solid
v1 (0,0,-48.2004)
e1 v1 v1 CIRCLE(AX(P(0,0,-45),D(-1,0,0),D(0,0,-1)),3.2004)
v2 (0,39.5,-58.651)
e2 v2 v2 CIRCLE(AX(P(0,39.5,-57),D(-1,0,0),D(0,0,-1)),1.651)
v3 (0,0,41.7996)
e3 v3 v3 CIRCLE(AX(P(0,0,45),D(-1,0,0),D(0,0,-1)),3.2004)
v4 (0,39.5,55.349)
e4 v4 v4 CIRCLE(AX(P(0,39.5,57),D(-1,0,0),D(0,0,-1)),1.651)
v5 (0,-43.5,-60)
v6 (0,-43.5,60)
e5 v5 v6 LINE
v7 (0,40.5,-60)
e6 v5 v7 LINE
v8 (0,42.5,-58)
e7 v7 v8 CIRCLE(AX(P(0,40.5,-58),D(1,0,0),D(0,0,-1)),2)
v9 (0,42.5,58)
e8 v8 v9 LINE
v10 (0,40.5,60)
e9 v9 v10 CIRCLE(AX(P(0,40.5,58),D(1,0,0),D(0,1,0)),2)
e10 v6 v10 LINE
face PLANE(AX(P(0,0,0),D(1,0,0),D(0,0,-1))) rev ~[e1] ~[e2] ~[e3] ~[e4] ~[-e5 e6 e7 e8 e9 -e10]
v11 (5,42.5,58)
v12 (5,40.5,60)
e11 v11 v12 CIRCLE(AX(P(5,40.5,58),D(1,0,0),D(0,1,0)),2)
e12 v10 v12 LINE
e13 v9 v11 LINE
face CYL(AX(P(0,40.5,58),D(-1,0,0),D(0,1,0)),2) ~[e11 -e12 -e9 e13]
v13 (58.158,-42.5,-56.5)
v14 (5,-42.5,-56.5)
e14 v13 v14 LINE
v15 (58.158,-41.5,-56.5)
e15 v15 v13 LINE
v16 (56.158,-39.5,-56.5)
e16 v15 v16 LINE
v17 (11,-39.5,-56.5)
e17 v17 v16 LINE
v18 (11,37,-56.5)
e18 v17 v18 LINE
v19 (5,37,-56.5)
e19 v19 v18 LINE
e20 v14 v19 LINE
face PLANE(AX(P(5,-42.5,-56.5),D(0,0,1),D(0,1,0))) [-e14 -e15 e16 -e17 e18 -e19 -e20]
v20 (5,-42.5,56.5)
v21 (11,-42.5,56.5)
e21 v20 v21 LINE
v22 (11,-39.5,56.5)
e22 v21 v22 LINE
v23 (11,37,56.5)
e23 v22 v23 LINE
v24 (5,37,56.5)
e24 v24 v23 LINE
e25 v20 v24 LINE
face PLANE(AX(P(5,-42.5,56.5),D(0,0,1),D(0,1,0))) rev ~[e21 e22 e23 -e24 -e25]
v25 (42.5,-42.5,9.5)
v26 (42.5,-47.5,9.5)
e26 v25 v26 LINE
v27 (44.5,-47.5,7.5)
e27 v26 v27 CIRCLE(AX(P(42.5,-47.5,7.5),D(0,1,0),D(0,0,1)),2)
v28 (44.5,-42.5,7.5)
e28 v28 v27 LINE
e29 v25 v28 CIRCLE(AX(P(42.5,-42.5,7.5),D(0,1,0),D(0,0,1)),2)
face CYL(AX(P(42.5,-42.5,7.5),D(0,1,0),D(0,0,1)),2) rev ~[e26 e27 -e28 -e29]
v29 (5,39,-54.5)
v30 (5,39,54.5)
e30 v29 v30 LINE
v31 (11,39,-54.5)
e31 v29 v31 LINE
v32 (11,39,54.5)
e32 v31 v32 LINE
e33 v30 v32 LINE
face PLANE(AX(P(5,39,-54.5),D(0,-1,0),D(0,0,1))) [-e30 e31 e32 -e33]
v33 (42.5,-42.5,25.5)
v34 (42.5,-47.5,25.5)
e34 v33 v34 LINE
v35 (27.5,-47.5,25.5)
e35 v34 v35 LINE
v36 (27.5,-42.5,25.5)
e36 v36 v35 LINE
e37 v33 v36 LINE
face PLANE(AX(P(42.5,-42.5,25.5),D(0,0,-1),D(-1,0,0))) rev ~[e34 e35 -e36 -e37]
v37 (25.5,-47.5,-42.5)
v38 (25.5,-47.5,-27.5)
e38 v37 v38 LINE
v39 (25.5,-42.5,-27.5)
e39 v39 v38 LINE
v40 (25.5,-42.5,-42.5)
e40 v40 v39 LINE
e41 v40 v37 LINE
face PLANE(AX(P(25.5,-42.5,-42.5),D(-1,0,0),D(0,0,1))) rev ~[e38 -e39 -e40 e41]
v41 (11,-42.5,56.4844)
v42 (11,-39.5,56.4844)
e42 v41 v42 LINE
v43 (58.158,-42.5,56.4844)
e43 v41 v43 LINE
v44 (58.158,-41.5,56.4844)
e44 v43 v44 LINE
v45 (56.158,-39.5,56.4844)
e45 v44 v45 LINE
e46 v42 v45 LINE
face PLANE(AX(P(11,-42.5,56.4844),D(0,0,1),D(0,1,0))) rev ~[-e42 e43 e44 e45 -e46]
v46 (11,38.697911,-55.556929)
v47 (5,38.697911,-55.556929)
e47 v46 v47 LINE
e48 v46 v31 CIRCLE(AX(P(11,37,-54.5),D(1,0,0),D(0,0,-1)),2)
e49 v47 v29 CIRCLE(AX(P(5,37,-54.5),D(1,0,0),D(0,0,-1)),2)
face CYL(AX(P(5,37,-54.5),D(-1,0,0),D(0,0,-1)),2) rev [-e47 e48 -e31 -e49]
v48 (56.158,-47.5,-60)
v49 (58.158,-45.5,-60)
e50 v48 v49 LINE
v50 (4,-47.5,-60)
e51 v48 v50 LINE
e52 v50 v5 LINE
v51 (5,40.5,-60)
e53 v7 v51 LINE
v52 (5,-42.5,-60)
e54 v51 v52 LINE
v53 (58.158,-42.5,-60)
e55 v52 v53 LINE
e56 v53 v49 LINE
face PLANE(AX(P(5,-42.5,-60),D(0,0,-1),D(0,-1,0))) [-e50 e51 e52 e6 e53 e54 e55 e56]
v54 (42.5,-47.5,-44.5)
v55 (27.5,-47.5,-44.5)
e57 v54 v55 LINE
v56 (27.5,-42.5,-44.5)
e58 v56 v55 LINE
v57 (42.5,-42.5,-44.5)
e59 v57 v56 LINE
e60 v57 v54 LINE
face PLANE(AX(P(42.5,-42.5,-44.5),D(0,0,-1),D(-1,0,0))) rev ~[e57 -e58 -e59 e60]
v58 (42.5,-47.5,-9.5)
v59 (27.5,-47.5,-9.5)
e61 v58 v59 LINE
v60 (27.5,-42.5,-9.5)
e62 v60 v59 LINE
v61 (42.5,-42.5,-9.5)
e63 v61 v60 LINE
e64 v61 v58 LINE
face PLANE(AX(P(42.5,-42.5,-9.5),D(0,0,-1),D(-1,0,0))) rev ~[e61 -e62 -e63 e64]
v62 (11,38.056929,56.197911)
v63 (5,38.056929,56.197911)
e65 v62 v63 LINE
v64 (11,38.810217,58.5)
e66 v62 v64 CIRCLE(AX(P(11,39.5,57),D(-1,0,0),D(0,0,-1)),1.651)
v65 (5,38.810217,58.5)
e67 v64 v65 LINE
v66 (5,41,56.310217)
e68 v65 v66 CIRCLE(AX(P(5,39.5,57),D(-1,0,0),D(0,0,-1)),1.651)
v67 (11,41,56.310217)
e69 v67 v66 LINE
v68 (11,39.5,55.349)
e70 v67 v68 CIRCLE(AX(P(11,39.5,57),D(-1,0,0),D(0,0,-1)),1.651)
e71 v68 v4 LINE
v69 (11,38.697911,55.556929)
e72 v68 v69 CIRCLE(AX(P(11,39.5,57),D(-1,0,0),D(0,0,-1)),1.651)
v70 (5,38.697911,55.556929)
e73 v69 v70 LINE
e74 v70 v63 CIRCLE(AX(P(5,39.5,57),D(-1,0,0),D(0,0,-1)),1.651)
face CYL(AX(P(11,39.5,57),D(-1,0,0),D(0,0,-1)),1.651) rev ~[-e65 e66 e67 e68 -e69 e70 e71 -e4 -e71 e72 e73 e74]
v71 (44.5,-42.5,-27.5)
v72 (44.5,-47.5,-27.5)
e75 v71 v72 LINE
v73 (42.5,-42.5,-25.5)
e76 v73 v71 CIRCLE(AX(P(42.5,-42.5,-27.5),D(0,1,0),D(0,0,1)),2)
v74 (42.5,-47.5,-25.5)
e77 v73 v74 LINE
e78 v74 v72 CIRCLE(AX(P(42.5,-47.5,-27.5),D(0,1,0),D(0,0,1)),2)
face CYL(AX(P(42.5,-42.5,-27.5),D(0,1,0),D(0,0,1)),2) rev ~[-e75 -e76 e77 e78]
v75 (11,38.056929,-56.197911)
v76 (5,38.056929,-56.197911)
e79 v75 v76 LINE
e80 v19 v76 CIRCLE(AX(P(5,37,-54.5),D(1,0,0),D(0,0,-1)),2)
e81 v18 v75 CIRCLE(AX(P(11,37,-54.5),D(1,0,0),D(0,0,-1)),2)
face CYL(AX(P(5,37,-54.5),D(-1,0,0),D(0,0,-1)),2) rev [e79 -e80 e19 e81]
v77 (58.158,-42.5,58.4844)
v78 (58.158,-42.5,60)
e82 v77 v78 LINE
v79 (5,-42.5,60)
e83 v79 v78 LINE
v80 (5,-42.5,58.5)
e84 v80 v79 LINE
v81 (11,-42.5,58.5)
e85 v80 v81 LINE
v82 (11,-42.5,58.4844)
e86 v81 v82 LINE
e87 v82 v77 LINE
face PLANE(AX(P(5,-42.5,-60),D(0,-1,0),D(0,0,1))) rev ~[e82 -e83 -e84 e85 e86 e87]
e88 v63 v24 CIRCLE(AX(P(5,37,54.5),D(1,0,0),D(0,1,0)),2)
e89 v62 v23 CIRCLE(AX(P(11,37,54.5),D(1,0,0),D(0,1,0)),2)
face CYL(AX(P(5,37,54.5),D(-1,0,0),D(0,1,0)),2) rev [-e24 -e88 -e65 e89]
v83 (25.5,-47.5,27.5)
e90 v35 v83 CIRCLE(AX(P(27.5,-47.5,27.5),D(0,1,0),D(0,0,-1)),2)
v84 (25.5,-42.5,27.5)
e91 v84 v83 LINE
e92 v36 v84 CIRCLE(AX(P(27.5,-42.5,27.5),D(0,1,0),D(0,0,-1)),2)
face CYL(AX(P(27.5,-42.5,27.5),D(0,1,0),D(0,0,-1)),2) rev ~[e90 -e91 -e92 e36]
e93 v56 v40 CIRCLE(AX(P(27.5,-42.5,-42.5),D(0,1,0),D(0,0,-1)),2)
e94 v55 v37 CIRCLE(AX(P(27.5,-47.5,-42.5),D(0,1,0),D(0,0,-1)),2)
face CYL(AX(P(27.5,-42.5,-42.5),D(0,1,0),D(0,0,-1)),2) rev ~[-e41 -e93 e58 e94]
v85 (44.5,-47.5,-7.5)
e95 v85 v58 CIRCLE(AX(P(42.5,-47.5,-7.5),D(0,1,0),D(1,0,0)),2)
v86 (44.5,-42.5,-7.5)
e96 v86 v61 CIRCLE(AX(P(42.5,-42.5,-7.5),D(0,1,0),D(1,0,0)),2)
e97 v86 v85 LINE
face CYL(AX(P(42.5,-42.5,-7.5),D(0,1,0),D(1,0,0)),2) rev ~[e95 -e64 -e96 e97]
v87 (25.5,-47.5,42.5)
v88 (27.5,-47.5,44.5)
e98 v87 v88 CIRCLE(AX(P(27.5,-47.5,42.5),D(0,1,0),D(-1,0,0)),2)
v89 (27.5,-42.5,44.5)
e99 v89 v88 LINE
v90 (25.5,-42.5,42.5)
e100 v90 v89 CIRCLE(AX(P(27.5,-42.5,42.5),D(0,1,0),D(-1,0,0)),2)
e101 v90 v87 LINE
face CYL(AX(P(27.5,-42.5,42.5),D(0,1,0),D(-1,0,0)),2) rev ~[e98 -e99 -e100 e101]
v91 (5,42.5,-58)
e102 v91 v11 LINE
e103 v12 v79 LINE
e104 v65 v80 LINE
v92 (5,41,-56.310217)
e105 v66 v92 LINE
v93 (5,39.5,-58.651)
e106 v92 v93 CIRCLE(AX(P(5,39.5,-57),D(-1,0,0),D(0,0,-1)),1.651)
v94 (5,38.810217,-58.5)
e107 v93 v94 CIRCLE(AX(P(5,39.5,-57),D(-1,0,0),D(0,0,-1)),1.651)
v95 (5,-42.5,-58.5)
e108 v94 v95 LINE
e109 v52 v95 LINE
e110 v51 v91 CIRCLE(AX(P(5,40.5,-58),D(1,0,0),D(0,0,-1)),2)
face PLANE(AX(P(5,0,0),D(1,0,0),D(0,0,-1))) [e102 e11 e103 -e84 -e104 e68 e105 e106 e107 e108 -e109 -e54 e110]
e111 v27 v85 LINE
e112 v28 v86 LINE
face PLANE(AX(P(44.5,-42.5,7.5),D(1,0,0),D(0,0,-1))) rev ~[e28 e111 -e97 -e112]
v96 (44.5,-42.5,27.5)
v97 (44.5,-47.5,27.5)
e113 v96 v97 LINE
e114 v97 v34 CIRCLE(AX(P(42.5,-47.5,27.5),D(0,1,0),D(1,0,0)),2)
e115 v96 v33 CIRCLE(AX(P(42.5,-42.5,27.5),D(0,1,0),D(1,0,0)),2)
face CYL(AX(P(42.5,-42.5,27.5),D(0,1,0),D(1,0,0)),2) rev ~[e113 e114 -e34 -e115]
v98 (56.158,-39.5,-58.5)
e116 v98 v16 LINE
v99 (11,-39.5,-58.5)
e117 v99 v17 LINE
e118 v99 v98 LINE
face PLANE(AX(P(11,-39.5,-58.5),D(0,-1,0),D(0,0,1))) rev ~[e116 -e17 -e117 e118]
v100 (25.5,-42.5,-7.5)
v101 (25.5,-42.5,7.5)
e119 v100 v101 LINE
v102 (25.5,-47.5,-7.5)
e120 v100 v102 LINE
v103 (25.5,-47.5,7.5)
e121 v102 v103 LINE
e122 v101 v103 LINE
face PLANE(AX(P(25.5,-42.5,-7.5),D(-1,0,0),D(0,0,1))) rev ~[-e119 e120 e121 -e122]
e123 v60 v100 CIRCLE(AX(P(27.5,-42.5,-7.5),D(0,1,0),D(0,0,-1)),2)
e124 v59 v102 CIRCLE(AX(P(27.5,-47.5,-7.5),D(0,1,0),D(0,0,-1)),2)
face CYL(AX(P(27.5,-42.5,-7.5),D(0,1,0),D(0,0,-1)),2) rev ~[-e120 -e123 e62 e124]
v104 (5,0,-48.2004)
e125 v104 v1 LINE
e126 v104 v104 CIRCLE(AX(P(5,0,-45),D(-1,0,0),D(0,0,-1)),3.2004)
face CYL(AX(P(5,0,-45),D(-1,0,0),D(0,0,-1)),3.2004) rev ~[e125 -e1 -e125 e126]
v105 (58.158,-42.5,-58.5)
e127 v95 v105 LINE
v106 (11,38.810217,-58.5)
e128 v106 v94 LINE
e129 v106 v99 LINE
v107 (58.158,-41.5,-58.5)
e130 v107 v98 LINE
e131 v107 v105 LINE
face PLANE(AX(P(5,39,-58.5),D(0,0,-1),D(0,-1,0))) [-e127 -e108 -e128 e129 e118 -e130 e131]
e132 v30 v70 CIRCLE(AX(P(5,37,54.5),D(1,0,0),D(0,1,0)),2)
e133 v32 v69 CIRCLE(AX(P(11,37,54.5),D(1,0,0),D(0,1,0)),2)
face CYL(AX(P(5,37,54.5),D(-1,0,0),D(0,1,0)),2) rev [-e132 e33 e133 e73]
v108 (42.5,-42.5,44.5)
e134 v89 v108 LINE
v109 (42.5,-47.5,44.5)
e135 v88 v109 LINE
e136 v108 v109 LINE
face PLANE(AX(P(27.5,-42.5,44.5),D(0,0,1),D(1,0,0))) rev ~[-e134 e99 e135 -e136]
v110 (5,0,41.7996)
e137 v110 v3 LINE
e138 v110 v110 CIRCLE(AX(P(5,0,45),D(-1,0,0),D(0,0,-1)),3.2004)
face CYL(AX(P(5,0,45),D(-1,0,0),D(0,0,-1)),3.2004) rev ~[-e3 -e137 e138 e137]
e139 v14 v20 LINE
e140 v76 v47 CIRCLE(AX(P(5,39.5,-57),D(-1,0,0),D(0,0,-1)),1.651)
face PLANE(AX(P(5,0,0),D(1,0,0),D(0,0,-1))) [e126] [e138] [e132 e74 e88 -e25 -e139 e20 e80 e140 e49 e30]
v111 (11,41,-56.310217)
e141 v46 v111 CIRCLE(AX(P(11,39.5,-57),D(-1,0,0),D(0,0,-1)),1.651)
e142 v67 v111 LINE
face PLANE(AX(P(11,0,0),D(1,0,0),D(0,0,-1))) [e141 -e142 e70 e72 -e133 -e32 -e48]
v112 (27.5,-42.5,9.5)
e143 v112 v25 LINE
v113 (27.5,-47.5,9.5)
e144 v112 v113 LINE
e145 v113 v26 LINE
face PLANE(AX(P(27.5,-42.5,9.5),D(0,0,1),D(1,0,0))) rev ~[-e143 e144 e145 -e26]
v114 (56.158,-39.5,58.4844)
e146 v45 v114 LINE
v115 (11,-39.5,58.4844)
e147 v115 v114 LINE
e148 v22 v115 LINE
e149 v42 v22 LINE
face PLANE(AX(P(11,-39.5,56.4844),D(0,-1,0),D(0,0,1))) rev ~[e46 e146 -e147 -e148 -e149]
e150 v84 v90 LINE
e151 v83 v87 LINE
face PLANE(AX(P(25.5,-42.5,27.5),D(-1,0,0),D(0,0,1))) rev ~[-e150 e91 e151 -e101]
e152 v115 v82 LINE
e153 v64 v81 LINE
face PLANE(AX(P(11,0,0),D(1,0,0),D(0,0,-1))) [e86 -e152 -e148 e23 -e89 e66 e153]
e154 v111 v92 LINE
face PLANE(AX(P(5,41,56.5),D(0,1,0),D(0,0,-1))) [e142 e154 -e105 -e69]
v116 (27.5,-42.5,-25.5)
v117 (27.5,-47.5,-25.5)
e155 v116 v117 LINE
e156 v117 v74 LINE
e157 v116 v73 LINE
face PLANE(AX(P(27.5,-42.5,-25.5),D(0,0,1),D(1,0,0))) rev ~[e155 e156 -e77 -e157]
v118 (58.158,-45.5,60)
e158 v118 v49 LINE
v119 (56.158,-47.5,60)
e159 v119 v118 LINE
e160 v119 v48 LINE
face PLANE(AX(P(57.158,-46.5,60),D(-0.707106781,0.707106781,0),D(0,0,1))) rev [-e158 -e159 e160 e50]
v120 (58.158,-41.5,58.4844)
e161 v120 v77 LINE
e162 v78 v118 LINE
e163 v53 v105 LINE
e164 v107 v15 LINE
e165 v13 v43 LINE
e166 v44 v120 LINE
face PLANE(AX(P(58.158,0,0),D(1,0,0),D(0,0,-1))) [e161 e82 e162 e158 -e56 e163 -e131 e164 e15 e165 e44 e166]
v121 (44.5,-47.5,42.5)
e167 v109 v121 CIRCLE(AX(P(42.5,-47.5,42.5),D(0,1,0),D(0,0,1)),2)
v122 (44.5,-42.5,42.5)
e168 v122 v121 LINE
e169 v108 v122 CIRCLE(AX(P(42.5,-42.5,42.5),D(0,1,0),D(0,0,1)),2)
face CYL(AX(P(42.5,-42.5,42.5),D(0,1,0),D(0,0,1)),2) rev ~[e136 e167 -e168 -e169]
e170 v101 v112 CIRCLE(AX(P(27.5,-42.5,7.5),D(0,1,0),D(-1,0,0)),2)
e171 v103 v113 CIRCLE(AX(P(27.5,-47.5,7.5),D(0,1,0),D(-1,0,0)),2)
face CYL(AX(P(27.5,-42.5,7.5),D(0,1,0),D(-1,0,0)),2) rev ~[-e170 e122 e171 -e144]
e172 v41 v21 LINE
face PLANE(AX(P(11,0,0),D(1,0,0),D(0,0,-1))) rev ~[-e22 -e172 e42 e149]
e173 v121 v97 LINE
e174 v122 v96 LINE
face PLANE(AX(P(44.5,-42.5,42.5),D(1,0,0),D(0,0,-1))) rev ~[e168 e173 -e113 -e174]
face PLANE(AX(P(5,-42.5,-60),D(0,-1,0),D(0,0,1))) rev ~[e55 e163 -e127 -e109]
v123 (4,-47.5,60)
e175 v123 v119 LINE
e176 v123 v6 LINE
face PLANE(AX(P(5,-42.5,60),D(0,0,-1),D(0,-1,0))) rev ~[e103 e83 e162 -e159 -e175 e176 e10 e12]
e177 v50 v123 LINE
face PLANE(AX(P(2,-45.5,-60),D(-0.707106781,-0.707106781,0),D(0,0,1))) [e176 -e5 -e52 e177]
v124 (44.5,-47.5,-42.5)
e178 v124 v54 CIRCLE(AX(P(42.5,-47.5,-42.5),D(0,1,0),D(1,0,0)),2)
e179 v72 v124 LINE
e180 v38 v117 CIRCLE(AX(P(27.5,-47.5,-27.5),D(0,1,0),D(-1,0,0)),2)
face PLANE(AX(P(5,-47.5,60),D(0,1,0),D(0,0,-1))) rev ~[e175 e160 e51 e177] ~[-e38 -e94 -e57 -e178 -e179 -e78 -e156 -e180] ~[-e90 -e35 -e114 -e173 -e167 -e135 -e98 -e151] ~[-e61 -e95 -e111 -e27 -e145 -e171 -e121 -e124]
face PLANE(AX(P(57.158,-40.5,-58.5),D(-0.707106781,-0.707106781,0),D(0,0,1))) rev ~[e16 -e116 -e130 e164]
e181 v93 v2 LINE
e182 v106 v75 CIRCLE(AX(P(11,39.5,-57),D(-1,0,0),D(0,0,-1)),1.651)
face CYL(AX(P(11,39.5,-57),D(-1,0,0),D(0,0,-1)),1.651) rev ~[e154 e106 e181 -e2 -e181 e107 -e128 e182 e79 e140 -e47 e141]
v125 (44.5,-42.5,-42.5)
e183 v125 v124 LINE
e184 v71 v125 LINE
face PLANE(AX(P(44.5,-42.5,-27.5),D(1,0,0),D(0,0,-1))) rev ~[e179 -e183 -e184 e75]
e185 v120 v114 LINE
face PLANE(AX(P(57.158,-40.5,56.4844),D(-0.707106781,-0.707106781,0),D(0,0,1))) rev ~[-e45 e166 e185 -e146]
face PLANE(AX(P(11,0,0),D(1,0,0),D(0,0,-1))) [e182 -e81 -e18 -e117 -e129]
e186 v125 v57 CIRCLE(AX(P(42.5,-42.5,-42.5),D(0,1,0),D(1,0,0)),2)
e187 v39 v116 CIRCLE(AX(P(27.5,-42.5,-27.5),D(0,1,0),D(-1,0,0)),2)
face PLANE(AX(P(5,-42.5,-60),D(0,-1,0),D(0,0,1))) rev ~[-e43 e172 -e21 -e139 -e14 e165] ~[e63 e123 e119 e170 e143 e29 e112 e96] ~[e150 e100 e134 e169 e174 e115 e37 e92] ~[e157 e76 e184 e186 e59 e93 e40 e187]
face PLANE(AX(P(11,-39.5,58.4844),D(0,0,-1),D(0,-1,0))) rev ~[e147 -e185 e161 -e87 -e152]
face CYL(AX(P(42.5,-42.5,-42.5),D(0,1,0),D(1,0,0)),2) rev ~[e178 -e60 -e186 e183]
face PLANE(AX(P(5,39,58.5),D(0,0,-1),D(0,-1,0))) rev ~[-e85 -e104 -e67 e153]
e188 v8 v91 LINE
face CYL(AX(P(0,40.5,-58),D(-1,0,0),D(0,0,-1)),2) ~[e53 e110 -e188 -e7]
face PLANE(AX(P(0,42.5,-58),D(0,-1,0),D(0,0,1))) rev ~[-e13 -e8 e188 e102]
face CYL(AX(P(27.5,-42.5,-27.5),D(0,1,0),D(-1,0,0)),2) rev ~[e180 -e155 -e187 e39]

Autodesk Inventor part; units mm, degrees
ref_plane "YZ Plane" through (0, 0, 0) normal (1, 0, 0) x (0, 1, 0)
ref_plane "XZ Plane" through (0, 0, 0) normal (0, 1, 0) x (-1, 0, 0)
ref_plane "XY Plane" through (0, 0, 0) normal (0, 0, 1) x (1, 0, 0)
sketch "Esboço1" plane through (0, 0, 0) normal (1, 0, 0) x (0, 1, 0)
  line L0 (40.5, 60) -> (-42.5, 60)
  line L1 (-42.5, 60) -> (-42.5, -60)
  line L2 (-42.5, -60) -> (40.5, -60)
  line L3 (42.5, -58) -> (42.5, 58)
  line L4 (-42.5, 60) -> (42.5, -60) construction
  arc A0 (42.5, 58) -> (40.5, 60) centre (40.5, 58) ccw
  arc A1 (40.5, -60) -> (42.5, -58) centre (40.5, -58) ccw
  point P0 (0, 0)
  dimension "d0" = 85
  dimension "d1" = 120
  dimension "d4" = 2
extrude "Extrusão1" add sketch "Esboço1" along normal blind 5
sketch "Esboço2" plane through (5, 0, 0) normal (1, 0, 0) x (0, 0, -1)
  line L0 (-60, 40.5) -> (-60, -42.5) projected
  line L1 (-60, -42.5) -> (-58.5, -42.5)
  line L2 (-60, -42.5) -> (60, -42.5) projected
  line L3 (60, -42.5) -> (58.5, -42.5)
  arc A0 (-58, 42.5) -> (-60, 40.5) centre (-58, 40.5) ccw projected
  line L4 (-58, 42.5) -> (-58, 41)
  line L5 (-58.5, -42.5) -> (-56.5, -42.5)
  line L6 (-56.5, -42.5) -> (-56.5, 37)
  line L7 (-56.5, 41) -> (-56.5, 41)
  line L8 (-58.5, 39) -> (-58.5, -42.5)
  line L9 (58.5, -42.5) -> (56.5, -42.5)
  line L10 (56.5, -42.5) -> (56.5, 37)
  line L11 (56.5, 41) -> (56.5, 41)
  line L12 (58.5, 39) -> (58.5, -42.5)
  line L13 (-56.5, 41) -> (56.5, 41)
  line L14 (54.5, 39) -> (-54.5, 39)
  arc A1 (-56.5, 41) -> (-58.5, 39) centre (-56.5, 39) ccw
  arc A2 (-54.5, 39) -> (-56.5, 37) centre (-54.5, 37) ccw
  arc A3 (58.5, 39) -> (56.5, 41) centre (56.5, 39) ccw
  arc A4 (56.5, 37) -> (54.5, 39) centre (54.5, 37) ccw
  point P0 (0, 0)
  point P1 (-58.5, 41)
  point P2 (58.5, 41)
  dimension "d7" = 1.5
  dimension "d8" = 1.5
  dimension "d9" = 1.5
  dimension "d10" = 2
  dimension "d11" = 2
  dimension "d13" = 2
extrude "Extrusão2" add sketch "Esboço2" along normal blind 6 contours L8 A1 L13 A3 L12 L2 L10 A4 L14 A2 L6
sketch "Esboço3" plane through (11, 0, 0) normal (1, 0, 0) x (0, 0, -1)
  circle A0 centre (-57, 39.5) radius 1.6
  circle A1 centre (57, 39.5) radius 1.6
  point P0 (0, 0)
  dimension "d18" = 3.2
hole "Furo1" at (11, 39.5, 57) direction (-1, 0, 0) diameter 3.302 depth 40 tip angle 118 thread size "8-32 UNC" class "2B" standard "ANSI Unified Screw Threads"
hole "Furo2" at (11, 39.5, -57) direction (-1, 0, 0) diameter 3.302 depth 40 tip angle 118 thread size "8-32 UNC" class "2B" standard "ANSI Unified Screw Threads"
sketch "Esboço4" plane through (5, 0, 0) normal (1, 0, 0) x (0, 0, -1)
  line L0 (-60, -42.5) -> (60, -42.5) projected
  line L1 (-60, -42.5) -> (60, -42.5)
  line L2 (60, -42.5) -> (60, -47.5)
  line L3 (60, -47.5) -> (-60, -47.5)
  line L4 (-60, -47.5) -> (-60, -42.5)
  point P0 (0, 0)
  point P1 (60, -42.5)
  dimension "d33" = 5
extrude "Extrusão3" add sketch "Esboço4" against normal blind 5
sketch "Esboço5" plane through (5, 0, 0) normal (1, 0, 0) x (0, 0, -1)
  line L0 (-60, 40.5) -> (-60, -47.5) projected
  line L1 (60, 40.5) -> (60, -47.5) projected
  line L2 (-60, -47.5) -> (60, -47.5)
  line L3 (60, -47.5) -> (60, -42.5)
  line L4 (60, -42.5) -> (-60, -42.5)
  line L5 (-60, -42.5) -> (-60, -47.5)
  point P0 (0, 0)
  point P1 (60, -47.5)
  dimension "d36" = 5
extrude "Extrusão4" add sketch "Esboço5" along normal blind 53.158
sketch "Esboço6" plane through (11, 0, 0) normal (1, 0, 0) x (0, 0, -1)
  line L0 (60, -42.5) -> (-60, -42.5) projected
  line L1 (-58.4844, -42.5) -> (-56.4844, -42.5)
  line L2 (-56.4844, -42.5) -> (-56.4844, -39.5)
  line L3 (-56.4844, -39.5) -> (-58.4844, -39.5)
  line L4 (-58.4844, -39.5) -> (-58.4844, -42.5)
  line L5 (56.5, 37) -> (56.5, -42.5) projected
  line L6 (58.5, 38.8102) -> (58.5, -42.5) projected
  line L7 (56.5, -42.5) -> (58.5, -42.5)
  line L8 (58.5, -42.5) -> (58.5, -39.5)
  line L9 (58.5, -39.5) -> (56.5, -39.5)
  line L10 (56.5, -39.5) -> (56.5, -42.5)
  point P0 (0, 0)
  dimension "d39" = 2
  dimension "d40" = 3
  dimension "d41" = 3
extrude "Extrusão5" add sketch "Esboço6" along normal blind 47.158
chamfer "Chanfro1" distance 2 angle 45 2 edges at (58.158, -39.5, 57.4844) (58.158, -39.5, -57.5)
chamfer "Chanfro2" distance 4 angle 45 1 edges at (0, -47.5, 0)
chamfer "Chanfro3" distance 2 angle 45 1 edges at (58.158, -47.5, 0)
sketch "Esboço7" plane through (5, 0, 0) normal (1, 0, 0) x (0, 0, -1)
  circle A0 centre (-45, 0) radius 3
  circle A1 centre (45, 0) radius 3
  point P0 (0, 0)
  dimension "d61" = 6
  dimension "d62" = 6
hole "Furo3" at (5, 0, 45) direction (-1, 0, 0) diameter 6.4008 depth 22.931 tip angle 118 thread size "5/16-18 UNC" class "2B" standard "ANSI Unified Screw Threads"
hole "Furo4" at (5, 0, -45) direction (-1, 0, 0) diameter 6.4008 depth 22.931 tip angle 118 thread size "5/16-18 UNC" class "2B" standard "ANSI Unified Screw Threads"
sketch "Esboço8" plane through (5, -42.5, 56.5) normal (0, 1, 0) x (1, 0, 0)
  line L0 (0, 0) -> (0, 113) projected
  line L1 (0, 0) -> (30, 0)
  line L2 (0, 56.5) -> (0, 0)
  line L3 (22.5, 47) -> (37.5, 47)
  line L4 (39.5, 49) -> (39.5, 64)
  line L5 (37.5, 66) -> (22.5, 66)
  line L6 (20.5, 64) -> (20.5, 49)
  line L7 (20.5, 47) -> (39.5, 66) construction
  line L8 (39.5, 47) -> (20.5, 66) construction
  line L9 (22.5, 12) -> (37.5, 12)
  line L10 (39.5, 14) -> (39.5, 29)
  line L11 (37.5, 31) -> (22.5, 31)
  line L12 (20.5, 29) -> (20.5, 14)
  line L13 (20.5, 12) -> (39.5, 31) construction
  line L14 (39.5, 12) -> (20.5, 31) construction
  line L15 (22.5, 82) -> (37.5, 82)
  line L16 (39.5, 84) -> (39.5, 99)
  line L17 (37.5, 101) -> (22.5, 101)
  line L18 (20.5, 99) -> (20.5, 84)
  line L19 (20.5, 82) -> (39.5, 101) construction
  line L20 (39.5, 82) -> (20.5, 101) construction
  arc A0 (20.5, 14) -> (22.5, 12) centre (22.5, 14) ccw
  arc A1 (22.5, 31) -> (20.5, 29) centre (22.5, 29) ccw
  arc A2 (39.5, 29) -> (37.5, 31) centre (37.5, 29) ccw
  arc A3 (37.5, 12) -> (39.5, 14) centre (37.5, 14) ccw
  arc A4 (37.5, 47) -> (39.5, 49) centre (37.5, 49) ccw
  arc A5 (39.5, 64) -> (37.5, 66) centre (37.5, 64) ccw
  arc A6 (22.5, 66) -> (20.5, 64) centre (22.5, 64) ccw
  arc A7 (20.5, 49) -> (22.5, 47) centre (22.5, 49) ccw
  arc A8 (22.5, 101) -> (20.5, 99) centre (22.5, 99) ccw
  arc A9 (39.5, 99) -> (37.5, 101) centre (37.5, 99) ccw
  arc A10 (20.5, 84) -> (22.5, 82) centre (22.5, 84) ccw
  arc A11 (37.5, 82) -> (39.5, 84) centre (37.5, 84) ccw
  point P0 (-5, 56.5)
  dimension "d82" = 19
  dimension "d83" = 19
  dimension "d88" = 19
  dimension "d89" = 19
  dimension "d91" = 19
  dimension "d92" = 19
  dimension "d93" = 2
  dimension "d94" = 2
extrude "Extrusão6" cut sketch "Esboço8" against normal through all
properties part number "sUPORTE"
